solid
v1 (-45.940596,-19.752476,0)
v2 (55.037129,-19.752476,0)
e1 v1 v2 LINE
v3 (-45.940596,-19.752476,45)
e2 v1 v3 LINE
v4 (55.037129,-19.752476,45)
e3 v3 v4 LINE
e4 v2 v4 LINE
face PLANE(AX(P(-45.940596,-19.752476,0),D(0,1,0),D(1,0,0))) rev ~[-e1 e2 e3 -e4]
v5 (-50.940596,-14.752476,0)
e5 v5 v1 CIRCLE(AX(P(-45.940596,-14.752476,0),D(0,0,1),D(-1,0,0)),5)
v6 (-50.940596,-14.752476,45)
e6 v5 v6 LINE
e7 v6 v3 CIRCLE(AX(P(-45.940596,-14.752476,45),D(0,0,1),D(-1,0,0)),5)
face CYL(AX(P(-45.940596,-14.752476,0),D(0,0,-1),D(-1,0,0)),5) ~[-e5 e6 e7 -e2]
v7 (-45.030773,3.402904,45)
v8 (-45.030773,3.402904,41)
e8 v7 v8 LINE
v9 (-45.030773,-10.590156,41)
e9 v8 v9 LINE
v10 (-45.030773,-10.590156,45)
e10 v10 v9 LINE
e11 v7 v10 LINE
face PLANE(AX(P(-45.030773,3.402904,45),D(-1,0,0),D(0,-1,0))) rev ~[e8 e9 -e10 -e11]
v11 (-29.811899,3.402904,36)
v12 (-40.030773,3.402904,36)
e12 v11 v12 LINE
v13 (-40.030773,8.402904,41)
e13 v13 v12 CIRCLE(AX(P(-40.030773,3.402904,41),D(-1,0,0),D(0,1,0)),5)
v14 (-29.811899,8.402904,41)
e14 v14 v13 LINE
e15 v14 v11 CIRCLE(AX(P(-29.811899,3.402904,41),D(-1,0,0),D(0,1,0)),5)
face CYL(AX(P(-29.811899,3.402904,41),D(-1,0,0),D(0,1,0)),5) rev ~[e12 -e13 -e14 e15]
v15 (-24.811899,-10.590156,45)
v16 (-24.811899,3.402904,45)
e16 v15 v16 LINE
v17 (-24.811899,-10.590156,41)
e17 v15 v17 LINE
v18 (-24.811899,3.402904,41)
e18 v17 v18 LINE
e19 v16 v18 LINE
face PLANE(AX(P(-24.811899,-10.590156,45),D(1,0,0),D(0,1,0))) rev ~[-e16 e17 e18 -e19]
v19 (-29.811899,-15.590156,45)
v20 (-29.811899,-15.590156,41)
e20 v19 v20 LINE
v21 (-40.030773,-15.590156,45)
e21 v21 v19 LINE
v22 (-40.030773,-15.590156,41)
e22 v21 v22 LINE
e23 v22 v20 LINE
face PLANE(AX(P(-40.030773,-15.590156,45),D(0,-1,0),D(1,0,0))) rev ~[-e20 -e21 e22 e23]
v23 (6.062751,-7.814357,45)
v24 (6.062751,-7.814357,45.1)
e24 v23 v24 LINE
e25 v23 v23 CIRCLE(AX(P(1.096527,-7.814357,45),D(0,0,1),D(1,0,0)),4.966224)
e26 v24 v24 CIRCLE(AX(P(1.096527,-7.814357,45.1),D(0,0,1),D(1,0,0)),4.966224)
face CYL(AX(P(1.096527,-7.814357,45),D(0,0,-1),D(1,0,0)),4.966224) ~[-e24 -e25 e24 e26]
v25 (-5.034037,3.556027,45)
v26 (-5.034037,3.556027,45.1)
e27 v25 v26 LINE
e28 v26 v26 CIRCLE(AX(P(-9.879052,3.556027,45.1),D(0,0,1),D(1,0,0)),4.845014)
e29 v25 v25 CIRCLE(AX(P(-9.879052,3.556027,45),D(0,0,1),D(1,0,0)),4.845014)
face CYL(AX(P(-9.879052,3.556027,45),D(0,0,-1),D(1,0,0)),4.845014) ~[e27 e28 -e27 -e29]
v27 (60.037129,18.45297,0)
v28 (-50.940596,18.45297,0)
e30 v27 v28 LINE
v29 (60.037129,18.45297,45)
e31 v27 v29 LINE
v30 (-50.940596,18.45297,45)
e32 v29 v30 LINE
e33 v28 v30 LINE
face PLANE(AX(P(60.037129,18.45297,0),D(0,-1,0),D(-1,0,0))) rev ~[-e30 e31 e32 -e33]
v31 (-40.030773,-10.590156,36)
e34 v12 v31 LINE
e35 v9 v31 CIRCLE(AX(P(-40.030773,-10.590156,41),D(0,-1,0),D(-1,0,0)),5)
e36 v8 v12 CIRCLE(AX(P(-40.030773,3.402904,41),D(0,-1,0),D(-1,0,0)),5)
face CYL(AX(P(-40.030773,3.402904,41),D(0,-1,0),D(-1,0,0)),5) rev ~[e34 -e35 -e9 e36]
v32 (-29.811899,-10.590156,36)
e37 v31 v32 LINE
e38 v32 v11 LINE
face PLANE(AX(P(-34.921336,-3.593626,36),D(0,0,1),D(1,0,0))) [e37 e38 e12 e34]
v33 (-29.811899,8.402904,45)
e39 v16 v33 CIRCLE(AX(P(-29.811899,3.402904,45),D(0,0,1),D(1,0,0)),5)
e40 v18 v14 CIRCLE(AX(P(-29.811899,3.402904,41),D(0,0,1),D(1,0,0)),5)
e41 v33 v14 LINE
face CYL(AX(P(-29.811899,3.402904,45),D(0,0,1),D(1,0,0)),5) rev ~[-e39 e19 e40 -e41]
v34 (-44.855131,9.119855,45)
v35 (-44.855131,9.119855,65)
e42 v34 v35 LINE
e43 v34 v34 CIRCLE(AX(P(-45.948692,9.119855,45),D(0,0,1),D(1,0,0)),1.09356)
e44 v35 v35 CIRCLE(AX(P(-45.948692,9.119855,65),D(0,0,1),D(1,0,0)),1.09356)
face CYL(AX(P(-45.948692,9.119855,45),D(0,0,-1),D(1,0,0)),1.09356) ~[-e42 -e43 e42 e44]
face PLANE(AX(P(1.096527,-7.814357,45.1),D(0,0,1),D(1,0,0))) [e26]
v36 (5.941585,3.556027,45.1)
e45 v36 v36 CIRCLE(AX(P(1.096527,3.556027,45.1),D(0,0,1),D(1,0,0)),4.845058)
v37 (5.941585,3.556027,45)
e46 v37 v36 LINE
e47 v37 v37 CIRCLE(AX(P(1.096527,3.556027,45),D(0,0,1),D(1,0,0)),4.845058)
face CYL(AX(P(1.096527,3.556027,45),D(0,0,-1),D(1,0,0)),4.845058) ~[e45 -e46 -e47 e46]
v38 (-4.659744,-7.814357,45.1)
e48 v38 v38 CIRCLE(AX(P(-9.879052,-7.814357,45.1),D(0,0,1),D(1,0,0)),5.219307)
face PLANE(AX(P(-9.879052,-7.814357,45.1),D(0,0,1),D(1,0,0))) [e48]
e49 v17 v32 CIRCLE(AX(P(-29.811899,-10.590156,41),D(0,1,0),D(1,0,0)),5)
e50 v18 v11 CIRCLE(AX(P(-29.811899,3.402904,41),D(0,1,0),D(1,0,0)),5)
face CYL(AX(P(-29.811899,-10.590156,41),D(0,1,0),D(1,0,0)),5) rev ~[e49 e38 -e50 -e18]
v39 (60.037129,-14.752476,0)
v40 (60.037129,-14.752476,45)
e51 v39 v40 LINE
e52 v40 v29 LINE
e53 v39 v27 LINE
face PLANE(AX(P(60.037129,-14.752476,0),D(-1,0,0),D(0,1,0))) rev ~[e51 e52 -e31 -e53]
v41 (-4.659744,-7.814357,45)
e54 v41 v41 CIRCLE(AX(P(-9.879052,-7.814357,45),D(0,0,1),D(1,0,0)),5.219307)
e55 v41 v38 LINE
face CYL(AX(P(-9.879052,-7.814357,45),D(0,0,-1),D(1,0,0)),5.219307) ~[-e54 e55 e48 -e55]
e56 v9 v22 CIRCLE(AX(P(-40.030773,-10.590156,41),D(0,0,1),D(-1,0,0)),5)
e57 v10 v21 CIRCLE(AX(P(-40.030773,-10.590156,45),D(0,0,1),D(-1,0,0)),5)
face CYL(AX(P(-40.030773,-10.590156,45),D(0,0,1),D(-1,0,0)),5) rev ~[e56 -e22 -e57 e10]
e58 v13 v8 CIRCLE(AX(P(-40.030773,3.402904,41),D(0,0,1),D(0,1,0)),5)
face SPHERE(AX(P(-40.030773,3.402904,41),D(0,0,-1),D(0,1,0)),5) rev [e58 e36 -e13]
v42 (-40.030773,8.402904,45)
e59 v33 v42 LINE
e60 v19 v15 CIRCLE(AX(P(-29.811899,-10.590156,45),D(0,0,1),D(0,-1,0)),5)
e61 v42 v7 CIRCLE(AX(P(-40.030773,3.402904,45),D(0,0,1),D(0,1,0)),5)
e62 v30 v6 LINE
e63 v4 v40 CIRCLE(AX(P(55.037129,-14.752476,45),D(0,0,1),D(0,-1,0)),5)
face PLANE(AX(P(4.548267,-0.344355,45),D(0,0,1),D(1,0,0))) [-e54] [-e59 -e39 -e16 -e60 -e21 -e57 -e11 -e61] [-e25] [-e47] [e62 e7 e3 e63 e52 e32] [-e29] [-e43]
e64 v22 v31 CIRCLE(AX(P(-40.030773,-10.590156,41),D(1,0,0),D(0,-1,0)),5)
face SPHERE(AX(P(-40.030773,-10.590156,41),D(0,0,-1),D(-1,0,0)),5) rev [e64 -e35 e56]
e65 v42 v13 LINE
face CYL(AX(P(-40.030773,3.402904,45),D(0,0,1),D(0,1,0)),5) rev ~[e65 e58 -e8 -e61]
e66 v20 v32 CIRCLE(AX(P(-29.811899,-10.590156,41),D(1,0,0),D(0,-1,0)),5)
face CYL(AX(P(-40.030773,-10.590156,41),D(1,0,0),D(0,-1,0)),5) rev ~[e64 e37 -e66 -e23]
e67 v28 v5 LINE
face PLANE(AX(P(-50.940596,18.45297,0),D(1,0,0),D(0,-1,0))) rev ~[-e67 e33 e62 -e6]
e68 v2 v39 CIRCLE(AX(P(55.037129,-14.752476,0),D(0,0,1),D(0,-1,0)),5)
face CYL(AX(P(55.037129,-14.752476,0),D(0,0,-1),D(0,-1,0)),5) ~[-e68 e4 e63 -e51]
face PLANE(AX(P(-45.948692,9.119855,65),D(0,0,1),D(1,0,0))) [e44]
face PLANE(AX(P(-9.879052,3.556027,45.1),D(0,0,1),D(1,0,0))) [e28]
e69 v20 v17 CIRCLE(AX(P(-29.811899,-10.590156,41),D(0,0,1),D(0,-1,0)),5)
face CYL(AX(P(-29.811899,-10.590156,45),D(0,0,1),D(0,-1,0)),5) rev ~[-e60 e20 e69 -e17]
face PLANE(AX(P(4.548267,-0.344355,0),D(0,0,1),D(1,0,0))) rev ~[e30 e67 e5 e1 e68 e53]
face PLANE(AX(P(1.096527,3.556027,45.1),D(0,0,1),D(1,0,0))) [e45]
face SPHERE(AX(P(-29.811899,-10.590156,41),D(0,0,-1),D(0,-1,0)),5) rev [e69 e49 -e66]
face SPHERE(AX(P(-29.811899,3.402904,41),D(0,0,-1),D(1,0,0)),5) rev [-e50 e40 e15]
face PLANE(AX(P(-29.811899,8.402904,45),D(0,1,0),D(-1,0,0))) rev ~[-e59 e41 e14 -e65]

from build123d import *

# Parameters (mm, degrees)
F1_DEPTH = 45
F2_R     = 4.8450580426
F2_R_2   = 4.845014418
F2_R_3   = 5.2193072221
F2_R_4   = 4.9662241181
F3_DEPTH = 0.1
F4_DEPTH = 9
F5_R     = 5
F2_R_5   = 1.0935604598
F6_DEPTH = 20


with BuildPart() as f1:
    # F0 (on Top) → F1 (new body)
    with BuildSketch(Plane.XY):
        with BuildLine():
            Line((60.0371286273, 18.452970311), (-50.9405955672, 18.452970311))
            Line((-50.9405955672, 18.452970311), (-50.9405955672, -14.7524763644))
            ThreePointArc((-50.9405955672, -14.7524763644), (-49.4761294732, -18.2880102703), (-45.9405955672, -19.7524763644))
            Line((-45.9405955672, -19.7524763644), (55.0371286273, -19.7524763644))
            ThreePointArc((55.0371286273, -19.7524763644), (58.5726625332, -18.2880102703), (60.0371286273, -14.7524763644))
            Line((60.0371286273, -14.7524763644), (60.0371286273, 18.452970311))
        make_face()
    extrude(amount=F1_DEPTH)

    # F2 (on face) → F3 (join)
    with BuildSketch(Plane.XY.offset(45)):
        with Locations((1.0965270922, 3.5560266115)):
            Circle(F2_R)
        with Locations((-9.8790517077, 3.5560266115)):
            Circle(F2_R_2)
        with Locations((-9.8790517077, -7.8143570572)):
            Circle(F2_R_3)
        with Locations((1.0965270922, -7.8143570572)):
            Circle(F2_R_4)
    extrude(amount=F3_DEPTH)

    # F2 (on face) → F4 (cut)
    with BuildSketch(Plane.XY.offset(45)):
        with BuildLine():
            Line((-29.8118992895, 8.4029044956), (-40.030772686, 8.4029044956))
            ThreePointArc((-40.030772686, 8.4029044956), (-43.5663065919, 6.9384384015), (-45.030772686, 3.4029044956))
            Line((-45.030772686, 3.4029044956), (-45.030772686, -10.5901564285))
            ThreePointArc((-45.030772686, -10.5901564285), (-43.5663065919, -14.1256903344), (-40.030772686, -15.5901564285))
            Line((-40.030772686, -15.5901564285), (-29.8118992895, -15.5901564285))
            ThreePointArc((-29.8118992895, -15.5901564285), (-26.2763653836, -14.1256903344), (-24.8118992895, -10.5901564285))
            Line((-24.8118992895, -10.5901564285), (-24.8118992895, 3.4029044956))
            ThreePointArc((-24.8118992895, 3.4029044956), (-26.2763653836, 6.9384384015), (-29.8118992895, 8.4029044956))
        make_face()
    extrude(amount=-F4_DEPTH, mode=Mode.SUBTRACT)

    # F5
    f5_edges = [f1.edges().sort_by_distance(p)[0] for p in [
        (-43.566307, 6.938438, 36),
        (-34.921336, 8.402904, 36),
    ]]
    fillet(f5_edges, radius=F5_R)

    # F2 (on face) → F6 (join)
    with BuildSketch(Plane.XY.offset(45)):
        with Locations((-45.9486916661, 9.11985524)):
            Circle(F2_R_5)
    extrude(amount=F6_DEPTH)


solid = f1.part
